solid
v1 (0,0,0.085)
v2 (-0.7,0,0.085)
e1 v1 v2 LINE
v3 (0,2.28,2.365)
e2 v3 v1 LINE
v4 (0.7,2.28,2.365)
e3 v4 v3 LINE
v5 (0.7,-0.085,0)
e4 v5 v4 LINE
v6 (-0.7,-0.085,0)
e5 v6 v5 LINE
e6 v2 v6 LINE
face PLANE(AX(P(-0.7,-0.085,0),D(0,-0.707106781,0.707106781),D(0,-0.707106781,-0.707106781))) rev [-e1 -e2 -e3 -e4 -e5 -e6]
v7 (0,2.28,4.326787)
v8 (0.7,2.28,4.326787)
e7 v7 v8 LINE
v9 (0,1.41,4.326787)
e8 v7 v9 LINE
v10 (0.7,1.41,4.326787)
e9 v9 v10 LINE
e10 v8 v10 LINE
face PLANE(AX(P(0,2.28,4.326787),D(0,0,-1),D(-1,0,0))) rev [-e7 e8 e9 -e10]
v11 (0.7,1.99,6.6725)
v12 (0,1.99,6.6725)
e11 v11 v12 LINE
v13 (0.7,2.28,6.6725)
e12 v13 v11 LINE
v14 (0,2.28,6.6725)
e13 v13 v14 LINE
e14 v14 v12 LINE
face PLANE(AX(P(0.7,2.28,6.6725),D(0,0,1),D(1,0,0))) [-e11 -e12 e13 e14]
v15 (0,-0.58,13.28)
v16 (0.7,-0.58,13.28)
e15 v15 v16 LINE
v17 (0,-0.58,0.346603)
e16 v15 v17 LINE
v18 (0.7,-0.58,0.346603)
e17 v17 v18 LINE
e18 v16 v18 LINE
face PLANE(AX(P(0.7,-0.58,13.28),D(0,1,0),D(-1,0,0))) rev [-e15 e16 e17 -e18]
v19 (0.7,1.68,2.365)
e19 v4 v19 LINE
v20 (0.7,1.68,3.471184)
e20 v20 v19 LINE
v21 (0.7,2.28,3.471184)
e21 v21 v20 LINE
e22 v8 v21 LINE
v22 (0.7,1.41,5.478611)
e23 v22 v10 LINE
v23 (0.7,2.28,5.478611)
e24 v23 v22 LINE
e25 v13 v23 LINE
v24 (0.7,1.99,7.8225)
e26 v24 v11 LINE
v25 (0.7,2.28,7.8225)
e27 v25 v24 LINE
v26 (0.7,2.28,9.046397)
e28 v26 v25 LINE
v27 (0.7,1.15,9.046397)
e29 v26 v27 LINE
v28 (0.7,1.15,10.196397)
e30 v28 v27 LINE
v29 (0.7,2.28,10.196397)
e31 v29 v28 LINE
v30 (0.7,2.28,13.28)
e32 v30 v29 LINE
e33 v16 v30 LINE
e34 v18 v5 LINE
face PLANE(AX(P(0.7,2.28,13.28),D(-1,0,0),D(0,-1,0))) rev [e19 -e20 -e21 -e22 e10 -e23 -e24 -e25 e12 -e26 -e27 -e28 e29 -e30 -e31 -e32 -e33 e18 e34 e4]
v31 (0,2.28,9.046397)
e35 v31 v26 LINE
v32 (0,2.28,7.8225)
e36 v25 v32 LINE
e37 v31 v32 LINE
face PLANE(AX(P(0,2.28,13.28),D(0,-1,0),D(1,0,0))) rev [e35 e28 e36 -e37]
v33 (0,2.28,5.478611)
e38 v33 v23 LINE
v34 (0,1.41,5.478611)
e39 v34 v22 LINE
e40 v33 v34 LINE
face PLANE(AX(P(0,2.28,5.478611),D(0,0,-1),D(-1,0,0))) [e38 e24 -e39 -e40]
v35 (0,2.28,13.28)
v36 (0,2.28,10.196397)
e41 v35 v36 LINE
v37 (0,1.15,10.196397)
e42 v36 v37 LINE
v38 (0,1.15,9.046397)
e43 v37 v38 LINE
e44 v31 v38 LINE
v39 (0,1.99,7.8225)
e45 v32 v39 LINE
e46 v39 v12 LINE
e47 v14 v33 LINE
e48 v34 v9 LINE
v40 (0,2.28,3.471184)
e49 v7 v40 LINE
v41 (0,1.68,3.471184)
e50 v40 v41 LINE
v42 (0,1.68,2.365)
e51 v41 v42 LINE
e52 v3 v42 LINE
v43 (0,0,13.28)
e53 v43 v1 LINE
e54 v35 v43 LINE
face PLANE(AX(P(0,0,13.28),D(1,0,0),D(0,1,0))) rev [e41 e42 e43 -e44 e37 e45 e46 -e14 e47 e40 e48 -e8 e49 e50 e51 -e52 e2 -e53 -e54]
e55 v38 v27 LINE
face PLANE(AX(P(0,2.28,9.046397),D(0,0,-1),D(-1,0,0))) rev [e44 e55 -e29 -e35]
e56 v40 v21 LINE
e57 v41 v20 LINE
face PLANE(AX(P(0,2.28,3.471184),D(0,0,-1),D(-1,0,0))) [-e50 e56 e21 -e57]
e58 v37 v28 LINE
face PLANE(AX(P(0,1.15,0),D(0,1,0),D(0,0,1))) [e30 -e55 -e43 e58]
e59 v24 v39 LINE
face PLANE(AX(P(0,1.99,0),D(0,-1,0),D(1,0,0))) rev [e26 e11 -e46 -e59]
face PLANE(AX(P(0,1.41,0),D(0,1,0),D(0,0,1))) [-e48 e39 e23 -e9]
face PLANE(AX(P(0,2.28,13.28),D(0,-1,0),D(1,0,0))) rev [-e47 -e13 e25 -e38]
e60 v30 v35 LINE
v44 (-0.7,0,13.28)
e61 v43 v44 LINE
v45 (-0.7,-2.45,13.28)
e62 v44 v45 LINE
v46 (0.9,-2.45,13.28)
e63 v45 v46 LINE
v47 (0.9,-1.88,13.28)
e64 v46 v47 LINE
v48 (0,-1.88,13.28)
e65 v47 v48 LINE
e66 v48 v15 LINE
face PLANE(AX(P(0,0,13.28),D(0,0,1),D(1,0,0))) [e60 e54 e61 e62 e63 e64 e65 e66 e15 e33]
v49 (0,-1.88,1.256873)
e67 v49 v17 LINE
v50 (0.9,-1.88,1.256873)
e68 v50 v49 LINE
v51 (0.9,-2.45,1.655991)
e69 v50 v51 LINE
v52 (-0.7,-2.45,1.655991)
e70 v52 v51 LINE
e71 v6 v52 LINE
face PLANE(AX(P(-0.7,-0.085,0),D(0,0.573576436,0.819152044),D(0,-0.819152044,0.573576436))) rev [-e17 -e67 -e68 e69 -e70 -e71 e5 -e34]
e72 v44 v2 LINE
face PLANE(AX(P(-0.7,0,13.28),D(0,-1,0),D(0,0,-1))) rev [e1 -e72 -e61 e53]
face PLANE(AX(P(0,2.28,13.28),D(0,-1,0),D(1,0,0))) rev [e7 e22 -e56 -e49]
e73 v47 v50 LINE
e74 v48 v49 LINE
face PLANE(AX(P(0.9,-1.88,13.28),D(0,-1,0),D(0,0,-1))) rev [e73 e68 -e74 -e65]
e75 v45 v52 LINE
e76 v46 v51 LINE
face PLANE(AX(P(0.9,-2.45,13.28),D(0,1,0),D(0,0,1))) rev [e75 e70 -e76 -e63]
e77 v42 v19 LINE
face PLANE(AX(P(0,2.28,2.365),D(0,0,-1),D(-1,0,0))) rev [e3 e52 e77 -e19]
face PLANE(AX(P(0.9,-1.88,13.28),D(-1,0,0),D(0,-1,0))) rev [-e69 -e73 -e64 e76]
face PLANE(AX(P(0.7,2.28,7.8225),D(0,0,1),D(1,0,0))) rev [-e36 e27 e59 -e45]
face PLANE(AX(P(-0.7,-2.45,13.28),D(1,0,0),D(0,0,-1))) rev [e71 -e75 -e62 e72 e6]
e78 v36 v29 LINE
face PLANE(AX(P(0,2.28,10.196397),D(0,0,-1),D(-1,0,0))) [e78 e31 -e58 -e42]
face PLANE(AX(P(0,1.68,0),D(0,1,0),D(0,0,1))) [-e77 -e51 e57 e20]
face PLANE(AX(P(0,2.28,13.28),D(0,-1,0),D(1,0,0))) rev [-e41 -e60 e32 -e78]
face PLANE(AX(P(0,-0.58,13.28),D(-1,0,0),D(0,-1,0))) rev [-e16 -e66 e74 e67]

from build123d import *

# Parameters (mm, degrees)
BOSS_EXTRUDE1_DEPTH     = 13.28
CUT_EXTRUDE1_DEPTH      = 14.53406443
CUT_EXTRUDE1_DEPTH_BACK = 14.53406443
CUT_EXTRUDE5_DEPTH      = 0.29
CUT_EXTRUDE6_DEPTH      = 1.13
CUT_EXTRUDE7_DEPTH      = 0.87
CUT_EXTRUDE8_DEPTH      = 0.6


with BuildPart() as part:
    # Sketch1 → Boss-Extrude1 (new body)
    with BuildSketch(Plane.XY):
        Polygon((0, 0), (0, 2.28), (0.7, 2.28), (0.7, -0.58), (0, -0.58), (0, -1.88), (0.9, -1.88), (0.9, -2.45), (-0.7, -2.45), (-0.7, 0), align=None)
    extrude(amount=BOSS_EXTRUDE1_DEPTH)

    # Sketch2 → Cut-Extrude1 (cut, two sides)
    with BuildSketch(Plane(origin=(0, 0, 0), x_dir=(0, 0, -1), z_dir=(1, 0, 0))) as cut_extrude1_sk:
        Polygon((0.8, -2.75), (0.8, -0.085), (0.8, 2.58), (-2.665, 2.58), (0, -0.085), (-1.866053089, -2.75), align=None)
    extrude(amount=CUT_EXTRUDE1_DEPTH, mode=Mode.SUBTRACT)
    extrude(cut_extrude1_sk.sketch, amount=-CUT_EXTRUDE1_DEPTH_BACK, mode=Mode.SUBTRACT)

    # 3DSketch1 → Cut-Extrude5 (cut)
    with BuildSketch(Plane(origin=(0.7, 2.28, 7.8225), x_dir=(-0.5199469468957453, 0, -0.8541985556144386), z_dir=(0, 1, 0))):
        Polygon((0, 0), (0.982328339, -0.597938989), (1.346291202, 0), (0.363962863, 0.597938989), align=None)
    extrude(amount=-CUT_EXTRUDE5_DEPTH, mode=Mode.SUBTRACT)

    # 3DSketch1<3> → Cut-Extrude6 (cut)
    with BuildSketch(Plane(origin=(0, 2.28, 10.196397445), x_dir=(0.5199469468957453, 0, -0.8541985556144386), z_dir=(0, 1, 0))):
        Polygon((0, 0), (0.982328339, 0.597938989), (1.346291202, 0), (0.363962863, -0.597938989), align=None)
    extrude(amount=-CUT_EXTRUDE6_DEPTH, mode=Mode.SUBTRACT)

    # 3DSketch1<4> → Cut-Extrude7 (cut)
    with BuildSketch(Plane(origin=(0, 2.28, 5.478611146), x_dir=(0.519345577670118, 0, -0.8545643164528294), z_dir=(0, 1, 0))):
        Polygon((0, 0), (0.984308217, 0.598195022), (1.347850122, 0), (0.363541904, -0.598195022), align=None)
    extrude(amount=-CUT_EXTRUDE7_DEPTH, mode=Mode.SUBTRACT)

    # 3DSketch1<5> → Cut-Extrude8 (cut)
    with BuildSketch(Plane(origin=(0, 2.28, 3.471184381), x_dir=(0.5347339426738265, 0, -0.8450204793686985), z_dir=(0, 1, 0))):
        Polygon((0, 0), (0.934748456, 0.591514336), (1.309062216, 0), (0.37431376, -0.591514336), align=None)
    extrude(amount=-CUT_EXTRUDE8_DEPTH, mode=Mode.SUBTRACT)


solid = part.part
